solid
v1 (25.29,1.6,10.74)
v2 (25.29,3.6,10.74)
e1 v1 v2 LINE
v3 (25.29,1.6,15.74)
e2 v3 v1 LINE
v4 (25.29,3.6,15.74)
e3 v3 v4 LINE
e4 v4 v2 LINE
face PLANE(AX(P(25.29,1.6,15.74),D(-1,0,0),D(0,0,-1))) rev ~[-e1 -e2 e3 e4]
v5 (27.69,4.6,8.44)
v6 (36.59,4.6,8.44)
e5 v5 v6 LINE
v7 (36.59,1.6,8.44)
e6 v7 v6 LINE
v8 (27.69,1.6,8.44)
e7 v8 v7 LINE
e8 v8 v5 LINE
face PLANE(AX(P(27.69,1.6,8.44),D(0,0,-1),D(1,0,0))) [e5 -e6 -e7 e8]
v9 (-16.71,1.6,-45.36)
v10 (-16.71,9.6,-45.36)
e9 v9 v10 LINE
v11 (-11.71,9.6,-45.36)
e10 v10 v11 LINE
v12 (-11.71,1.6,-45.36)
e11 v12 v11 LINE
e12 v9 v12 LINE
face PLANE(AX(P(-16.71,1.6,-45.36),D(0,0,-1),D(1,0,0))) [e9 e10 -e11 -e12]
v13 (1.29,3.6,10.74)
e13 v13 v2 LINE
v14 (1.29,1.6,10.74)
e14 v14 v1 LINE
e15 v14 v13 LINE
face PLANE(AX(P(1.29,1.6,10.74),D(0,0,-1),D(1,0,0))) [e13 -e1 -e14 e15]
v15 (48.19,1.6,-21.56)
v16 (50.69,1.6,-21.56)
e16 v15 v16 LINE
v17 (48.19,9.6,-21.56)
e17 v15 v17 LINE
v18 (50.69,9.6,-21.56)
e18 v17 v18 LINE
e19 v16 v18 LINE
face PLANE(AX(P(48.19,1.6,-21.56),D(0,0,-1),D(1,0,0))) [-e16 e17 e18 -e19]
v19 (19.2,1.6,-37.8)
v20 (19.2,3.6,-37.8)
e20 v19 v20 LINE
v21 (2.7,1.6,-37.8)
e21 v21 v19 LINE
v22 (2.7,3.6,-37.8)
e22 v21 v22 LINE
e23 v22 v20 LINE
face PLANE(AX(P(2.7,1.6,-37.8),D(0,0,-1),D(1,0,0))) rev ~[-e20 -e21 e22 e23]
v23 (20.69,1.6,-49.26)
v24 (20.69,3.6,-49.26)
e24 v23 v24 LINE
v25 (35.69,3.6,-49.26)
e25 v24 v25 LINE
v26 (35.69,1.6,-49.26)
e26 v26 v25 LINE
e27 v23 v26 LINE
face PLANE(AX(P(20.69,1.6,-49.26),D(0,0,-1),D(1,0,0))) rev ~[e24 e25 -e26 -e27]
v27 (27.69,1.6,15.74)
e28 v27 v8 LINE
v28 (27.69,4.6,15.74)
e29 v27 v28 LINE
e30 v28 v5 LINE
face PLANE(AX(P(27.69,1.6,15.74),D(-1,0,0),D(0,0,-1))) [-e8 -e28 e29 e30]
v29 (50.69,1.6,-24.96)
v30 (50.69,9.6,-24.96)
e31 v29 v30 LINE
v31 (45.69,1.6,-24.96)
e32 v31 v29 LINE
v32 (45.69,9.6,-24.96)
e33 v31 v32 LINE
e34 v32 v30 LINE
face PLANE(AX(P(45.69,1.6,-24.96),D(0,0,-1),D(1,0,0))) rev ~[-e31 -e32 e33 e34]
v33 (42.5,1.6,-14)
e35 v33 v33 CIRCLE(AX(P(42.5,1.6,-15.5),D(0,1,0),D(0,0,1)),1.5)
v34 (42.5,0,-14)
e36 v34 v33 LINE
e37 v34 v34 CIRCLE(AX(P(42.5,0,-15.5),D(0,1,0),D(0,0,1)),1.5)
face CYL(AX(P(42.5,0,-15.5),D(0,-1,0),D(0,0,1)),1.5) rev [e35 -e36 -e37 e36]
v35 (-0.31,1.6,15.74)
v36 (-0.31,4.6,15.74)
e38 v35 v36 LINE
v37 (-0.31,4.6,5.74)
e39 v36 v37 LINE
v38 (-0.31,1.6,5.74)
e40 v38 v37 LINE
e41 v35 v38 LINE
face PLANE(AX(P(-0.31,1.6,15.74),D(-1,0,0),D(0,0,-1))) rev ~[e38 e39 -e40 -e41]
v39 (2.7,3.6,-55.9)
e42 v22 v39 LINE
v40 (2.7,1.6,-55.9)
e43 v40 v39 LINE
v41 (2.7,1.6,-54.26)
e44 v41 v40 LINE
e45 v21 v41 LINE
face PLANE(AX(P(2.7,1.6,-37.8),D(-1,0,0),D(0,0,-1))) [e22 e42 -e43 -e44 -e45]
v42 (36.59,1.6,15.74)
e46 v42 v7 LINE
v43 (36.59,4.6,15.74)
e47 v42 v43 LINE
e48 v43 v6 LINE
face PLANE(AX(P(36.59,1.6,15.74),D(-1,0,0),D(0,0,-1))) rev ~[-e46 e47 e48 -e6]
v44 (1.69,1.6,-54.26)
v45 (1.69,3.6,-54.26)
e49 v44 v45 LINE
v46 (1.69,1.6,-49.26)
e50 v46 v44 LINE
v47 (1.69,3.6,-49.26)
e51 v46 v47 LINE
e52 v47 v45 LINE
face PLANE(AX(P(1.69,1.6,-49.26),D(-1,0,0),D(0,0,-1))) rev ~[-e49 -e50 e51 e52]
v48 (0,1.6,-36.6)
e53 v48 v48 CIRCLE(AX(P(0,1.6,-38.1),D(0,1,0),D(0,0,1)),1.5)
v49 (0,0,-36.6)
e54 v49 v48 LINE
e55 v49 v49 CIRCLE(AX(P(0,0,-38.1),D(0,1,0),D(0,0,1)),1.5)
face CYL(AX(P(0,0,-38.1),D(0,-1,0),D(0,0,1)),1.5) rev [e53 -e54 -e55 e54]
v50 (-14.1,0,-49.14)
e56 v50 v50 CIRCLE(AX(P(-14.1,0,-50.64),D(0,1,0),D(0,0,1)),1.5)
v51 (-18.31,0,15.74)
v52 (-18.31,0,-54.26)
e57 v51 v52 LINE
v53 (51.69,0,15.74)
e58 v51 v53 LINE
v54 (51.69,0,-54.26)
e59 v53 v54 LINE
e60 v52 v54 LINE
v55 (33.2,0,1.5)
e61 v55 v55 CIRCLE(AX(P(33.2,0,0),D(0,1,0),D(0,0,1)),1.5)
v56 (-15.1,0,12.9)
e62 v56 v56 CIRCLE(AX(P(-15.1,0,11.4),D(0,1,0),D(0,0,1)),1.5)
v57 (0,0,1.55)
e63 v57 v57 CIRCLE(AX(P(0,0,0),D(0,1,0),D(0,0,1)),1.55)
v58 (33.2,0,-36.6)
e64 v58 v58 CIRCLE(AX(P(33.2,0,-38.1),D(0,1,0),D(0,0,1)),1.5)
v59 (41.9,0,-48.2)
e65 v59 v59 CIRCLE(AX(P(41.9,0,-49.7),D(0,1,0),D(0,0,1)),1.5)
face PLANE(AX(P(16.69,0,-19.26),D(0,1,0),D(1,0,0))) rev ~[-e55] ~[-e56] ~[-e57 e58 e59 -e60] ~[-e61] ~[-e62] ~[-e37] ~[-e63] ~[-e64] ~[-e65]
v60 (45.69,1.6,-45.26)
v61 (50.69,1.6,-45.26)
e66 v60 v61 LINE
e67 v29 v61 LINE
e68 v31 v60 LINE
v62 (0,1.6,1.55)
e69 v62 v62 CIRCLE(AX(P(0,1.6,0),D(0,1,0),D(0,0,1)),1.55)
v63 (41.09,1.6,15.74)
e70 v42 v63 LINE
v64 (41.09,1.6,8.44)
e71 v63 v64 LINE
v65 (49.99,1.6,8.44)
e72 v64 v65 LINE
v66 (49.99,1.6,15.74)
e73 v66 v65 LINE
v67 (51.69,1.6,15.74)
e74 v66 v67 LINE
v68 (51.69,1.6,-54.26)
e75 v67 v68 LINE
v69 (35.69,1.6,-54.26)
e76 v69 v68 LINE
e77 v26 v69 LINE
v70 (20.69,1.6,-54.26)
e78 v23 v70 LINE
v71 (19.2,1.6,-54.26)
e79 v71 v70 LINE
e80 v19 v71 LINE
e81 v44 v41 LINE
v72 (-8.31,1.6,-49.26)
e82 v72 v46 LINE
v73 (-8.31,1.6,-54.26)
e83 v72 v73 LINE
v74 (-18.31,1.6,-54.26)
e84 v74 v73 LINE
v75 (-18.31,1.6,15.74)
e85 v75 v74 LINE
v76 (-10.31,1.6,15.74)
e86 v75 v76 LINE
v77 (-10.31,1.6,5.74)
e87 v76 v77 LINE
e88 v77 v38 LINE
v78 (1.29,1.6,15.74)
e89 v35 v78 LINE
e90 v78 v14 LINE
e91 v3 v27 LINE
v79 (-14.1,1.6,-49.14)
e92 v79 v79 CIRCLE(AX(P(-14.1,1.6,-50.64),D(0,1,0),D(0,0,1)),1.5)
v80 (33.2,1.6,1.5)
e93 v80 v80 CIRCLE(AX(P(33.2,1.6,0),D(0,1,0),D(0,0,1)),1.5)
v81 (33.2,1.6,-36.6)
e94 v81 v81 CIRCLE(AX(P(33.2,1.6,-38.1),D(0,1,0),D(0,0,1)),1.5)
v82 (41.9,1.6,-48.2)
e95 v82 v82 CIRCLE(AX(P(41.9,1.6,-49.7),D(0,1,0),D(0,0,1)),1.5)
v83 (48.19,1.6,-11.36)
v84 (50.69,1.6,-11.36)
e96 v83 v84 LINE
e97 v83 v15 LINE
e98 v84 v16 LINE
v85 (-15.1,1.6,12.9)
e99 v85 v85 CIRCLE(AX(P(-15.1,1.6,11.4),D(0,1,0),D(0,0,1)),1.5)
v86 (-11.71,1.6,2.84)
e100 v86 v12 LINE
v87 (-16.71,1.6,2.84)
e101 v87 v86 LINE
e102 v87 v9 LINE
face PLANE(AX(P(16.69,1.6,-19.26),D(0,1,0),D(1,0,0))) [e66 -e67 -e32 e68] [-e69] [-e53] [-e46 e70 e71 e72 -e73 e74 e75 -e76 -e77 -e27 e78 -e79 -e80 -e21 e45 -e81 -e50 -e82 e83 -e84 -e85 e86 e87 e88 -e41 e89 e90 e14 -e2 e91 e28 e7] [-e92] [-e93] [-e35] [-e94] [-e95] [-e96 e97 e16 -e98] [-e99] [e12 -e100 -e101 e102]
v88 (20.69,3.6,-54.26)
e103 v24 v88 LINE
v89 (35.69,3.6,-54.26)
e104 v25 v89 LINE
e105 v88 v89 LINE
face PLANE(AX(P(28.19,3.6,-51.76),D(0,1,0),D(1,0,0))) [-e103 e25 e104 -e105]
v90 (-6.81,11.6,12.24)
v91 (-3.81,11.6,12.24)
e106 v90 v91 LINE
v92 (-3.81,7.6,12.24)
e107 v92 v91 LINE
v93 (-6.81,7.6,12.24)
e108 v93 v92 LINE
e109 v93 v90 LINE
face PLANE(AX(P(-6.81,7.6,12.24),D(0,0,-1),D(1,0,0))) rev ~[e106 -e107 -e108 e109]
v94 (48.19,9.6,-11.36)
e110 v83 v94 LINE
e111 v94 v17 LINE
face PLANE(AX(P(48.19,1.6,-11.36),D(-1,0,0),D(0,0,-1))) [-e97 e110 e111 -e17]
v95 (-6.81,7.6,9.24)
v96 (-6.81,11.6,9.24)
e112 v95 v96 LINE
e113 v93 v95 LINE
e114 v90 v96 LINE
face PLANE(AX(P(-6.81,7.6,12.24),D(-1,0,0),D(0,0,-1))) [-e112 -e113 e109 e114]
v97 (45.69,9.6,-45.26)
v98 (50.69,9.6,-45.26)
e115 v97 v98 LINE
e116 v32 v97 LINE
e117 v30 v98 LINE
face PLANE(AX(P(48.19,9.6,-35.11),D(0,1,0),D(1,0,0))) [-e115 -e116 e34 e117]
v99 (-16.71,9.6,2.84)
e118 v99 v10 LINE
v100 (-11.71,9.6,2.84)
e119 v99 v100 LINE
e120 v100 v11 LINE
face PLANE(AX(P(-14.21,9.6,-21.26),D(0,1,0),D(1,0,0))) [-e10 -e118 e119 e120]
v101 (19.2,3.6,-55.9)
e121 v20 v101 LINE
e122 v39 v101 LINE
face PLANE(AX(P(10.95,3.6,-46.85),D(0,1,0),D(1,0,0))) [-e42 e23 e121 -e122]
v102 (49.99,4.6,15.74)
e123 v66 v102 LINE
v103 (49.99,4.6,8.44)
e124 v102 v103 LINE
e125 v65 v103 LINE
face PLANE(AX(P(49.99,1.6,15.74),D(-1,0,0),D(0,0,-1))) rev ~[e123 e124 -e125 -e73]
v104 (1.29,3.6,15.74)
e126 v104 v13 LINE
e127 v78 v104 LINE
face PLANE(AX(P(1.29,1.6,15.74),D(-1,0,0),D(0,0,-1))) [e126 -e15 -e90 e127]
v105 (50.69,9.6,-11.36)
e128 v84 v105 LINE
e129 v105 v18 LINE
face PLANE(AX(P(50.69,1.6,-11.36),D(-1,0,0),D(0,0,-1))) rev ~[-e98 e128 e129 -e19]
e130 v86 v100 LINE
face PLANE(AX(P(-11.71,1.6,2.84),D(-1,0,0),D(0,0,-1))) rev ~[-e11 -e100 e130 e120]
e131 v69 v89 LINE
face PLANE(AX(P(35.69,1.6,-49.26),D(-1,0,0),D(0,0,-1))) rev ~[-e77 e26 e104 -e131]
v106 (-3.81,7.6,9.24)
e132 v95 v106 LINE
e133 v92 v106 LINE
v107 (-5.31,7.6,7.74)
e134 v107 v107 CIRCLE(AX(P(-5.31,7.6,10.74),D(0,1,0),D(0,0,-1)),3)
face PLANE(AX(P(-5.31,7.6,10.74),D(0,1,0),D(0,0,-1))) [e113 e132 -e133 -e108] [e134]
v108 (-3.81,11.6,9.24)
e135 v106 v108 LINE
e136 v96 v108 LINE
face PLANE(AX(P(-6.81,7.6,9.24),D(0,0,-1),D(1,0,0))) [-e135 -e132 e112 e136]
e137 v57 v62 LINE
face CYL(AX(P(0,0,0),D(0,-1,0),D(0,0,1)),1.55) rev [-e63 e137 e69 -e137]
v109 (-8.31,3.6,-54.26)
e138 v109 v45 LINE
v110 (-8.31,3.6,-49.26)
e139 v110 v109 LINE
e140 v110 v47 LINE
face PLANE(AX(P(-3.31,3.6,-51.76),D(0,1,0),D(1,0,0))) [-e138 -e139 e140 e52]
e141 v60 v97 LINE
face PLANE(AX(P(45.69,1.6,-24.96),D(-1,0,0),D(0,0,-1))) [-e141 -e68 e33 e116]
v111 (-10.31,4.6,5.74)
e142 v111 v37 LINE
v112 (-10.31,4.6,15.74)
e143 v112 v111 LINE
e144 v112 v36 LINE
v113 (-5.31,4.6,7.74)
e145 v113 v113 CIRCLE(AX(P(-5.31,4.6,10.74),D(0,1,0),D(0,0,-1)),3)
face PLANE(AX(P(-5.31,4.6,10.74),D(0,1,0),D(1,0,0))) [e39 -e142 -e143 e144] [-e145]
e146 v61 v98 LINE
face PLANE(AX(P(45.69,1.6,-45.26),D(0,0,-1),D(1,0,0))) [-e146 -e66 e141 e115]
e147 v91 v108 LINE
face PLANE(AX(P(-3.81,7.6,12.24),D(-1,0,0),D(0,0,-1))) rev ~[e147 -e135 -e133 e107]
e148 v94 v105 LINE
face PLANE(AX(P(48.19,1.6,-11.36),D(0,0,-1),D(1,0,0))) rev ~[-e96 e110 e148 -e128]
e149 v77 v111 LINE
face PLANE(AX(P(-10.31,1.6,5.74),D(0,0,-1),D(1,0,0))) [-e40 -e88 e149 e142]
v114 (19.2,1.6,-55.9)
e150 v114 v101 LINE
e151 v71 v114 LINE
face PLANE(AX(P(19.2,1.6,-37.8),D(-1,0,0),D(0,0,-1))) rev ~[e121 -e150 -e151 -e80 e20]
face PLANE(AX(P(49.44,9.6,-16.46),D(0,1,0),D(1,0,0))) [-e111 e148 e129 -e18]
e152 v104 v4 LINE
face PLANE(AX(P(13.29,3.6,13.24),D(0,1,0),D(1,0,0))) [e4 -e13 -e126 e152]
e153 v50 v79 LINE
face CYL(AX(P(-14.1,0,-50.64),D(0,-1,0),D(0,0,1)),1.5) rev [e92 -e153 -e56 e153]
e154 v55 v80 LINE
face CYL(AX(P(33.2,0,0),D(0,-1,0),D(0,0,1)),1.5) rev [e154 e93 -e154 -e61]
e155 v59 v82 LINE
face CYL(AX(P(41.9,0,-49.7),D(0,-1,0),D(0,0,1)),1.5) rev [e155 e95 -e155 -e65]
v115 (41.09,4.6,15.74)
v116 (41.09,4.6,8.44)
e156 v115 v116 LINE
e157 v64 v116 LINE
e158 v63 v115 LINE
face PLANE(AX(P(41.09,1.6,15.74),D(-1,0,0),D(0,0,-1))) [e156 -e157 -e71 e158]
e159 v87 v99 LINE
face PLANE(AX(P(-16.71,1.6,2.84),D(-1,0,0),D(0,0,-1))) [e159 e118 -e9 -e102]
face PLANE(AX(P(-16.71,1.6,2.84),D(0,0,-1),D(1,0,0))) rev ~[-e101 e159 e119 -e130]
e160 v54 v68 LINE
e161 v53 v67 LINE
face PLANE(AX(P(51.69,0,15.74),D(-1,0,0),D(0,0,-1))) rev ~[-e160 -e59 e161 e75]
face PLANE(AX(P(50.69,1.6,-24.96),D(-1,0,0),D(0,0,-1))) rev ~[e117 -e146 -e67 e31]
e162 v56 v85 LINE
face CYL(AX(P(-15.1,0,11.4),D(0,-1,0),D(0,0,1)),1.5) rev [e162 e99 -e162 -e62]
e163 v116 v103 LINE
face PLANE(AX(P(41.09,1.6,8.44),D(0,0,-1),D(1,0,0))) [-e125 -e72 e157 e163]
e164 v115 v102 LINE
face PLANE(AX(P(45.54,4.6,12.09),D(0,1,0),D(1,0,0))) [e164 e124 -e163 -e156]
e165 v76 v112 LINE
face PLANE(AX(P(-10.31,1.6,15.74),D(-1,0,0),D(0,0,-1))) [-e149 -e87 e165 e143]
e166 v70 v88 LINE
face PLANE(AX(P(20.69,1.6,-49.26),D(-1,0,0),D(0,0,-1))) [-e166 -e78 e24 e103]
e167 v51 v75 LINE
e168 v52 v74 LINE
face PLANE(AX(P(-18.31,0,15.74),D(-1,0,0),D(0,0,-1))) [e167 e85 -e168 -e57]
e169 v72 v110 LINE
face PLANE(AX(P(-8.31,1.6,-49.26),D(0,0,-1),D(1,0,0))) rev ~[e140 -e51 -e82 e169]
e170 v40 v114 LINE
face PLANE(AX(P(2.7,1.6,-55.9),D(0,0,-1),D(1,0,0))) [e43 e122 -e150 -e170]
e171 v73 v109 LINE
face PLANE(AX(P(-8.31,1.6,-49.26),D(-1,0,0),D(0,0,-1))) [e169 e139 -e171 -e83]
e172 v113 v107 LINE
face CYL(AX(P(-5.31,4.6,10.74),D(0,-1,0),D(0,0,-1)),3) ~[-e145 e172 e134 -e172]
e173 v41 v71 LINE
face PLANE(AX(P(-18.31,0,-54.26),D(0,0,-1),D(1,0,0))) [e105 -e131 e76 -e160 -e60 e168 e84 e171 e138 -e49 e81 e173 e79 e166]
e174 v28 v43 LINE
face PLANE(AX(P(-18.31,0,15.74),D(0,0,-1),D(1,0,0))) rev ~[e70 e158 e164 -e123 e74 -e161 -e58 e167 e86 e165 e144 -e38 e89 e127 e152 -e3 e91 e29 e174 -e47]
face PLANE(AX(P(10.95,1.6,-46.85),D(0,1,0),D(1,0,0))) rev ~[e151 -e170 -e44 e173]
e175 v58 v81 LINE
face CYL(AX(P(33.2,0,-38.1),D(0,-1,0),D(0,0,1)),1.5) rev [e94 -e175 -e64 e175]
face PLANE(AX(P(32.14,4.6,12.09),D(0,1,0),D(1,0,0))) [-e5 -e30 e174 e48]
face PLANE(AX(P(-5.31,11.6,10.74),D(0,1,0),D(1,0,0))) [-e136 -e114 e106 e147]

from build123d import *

# Parameters (mm, degrees)
SKETCH_1_W      = 70
SKETCH_1_H      = 70
SKETCH_1_R      = 1.55
SKETCH_1_R_2    = 1.5
EXTRUDE_1_DEPTH = 1.6
SKETCH_3_W      = 16.5
SKETCH_3_H      = 18.1
EXTRUDE_2_DEPTH = 2
SKETCH_5_W      = 8.9
SKETCH_5_H      = 7.3
EXTRUDE_3_DEPTH = 3
SKETCH_6_W      = 10
SKETCH_6_H      = 10
EXTRUDE_4_DEPTH = 3
SKETCH_7_R      = 3
EXTRUDE_5_DEPTH = 3
SKETCH_8_W      = 3
SKETCH_8_H      = 3
EXTRUDE_6_DEPTH = 4
SKETCH_9_W      = 24
SKETCH_9_H      = 5
SKETCH_9_W_2    = 10
SKETCH_9_W_3    = 15
EXTRUDE_7_DEPTH = 2
SKETCH_10_W     = 5
SKETCH_10_H     = 48.2
SKETCH_10_H_2   = 20.3
SKETCH_10_W_2   = 2.5
SKETCH_10_H_3   = 10.2
EXTRUDE_8_DEPTH = 8


with BuildPart() as part:
    # 草图1 → 凸台-拉伸1 (new body)
    with BuildSketch(Plane(origin=(0, 0, 0), x_dir=(1, 0, 0), z_dir=(0, 1, 0))):
        with Locations((16.69, 19.26)):
            Rectangle(SKETCH_1_W, SKETCH_1_H)
        with Locations(Location((0, 0, 0), (0, 0, 270))):
            Circle(SKETCH_1_R, mode=Mode.SUBTRACT)
        with Locations(Location((33.2, 0, 0), (0, 0, 270))):
            Circle(SKETCH_1_R_2, mode=Mode.SUBTRACT)
        with Locations(Location((0, 38.1, 0), (0, 0, 270))):
            Circle(SKETCH_1_R_2, mode=Mode.SUBTRACT)
        with Locations(Location((33.2, 38.1, 0), (0, 0, 270))):
            Circle(SKETCH_1_R_2, mode=Mode.SUBTRACT)
        with Locations(Location((-14.1, 50.64, 0), (0, 0, 270))):
            Circle(SKETCH_1_R_2, mode=Mode.SUBTRACT)
        with Locations(Location((41.9, 49.7, 0), (0, 0, 270))):
            Circle(SKETCH_1_R_2, mode=Mode.SUBTRACT)
        with Locations(Location((42.5, 15.5, 0), (0, 0, 270))):
            Circle(SKETCH_1_R_2, mode=Mode.SUBTRACT)
        with Locations(Location((-15.1, -11.4, 0), (0, 0, 270))):
            Circle(SKETCH_1_R_2, mode=Mode.SUBTRACT)
    extrude(amount=EXTRUDE_1_DEPTH)

    # 草图3 → 凸台-拉伸2 (add)
    with BuildSketch(Plane(origin=(0, 1.6, 0), x_dir=(1, 0, 0), z_dir=(0, 1, 0))):
        with Locations((10.95, 46.85)):
            Rectangle(SKETCH_3_W, SKETCH_3_H)
    extrude(amount=EXTRUDE_2_DEPTH)

    # 草图5 → 凸台-拉伸3 (add)
    with BuildSketch(Plane(origin=(0, 1.6, 0), x_dir=(1, 0, 0), z_dir=(0, 1, 0))):
        with Locations((45.54, -12.09)):
            Rectangle(SKETCH_5_W, SKETCH_5_H)
        with Locations((32.14, -12.09)):
            Rectangle(SKETCH_5_W, SKETCH_5_H)
    extrude(amount=EXTRUDE_3_DEPTH)

    # 草图6 → 凸台-拉伸4 (add)
    with BuildSketch(Plane(origin=(0, 1.6, 0), x_dir=(1, 0, 0), z_dir=(0, 1, 0))):
        with Locations((-5.31, -10.74)):
            Rectangle(SKETCH_6_W, SKETCH_6_H)
    extrude(amount=EXTRUDE_4_DEPTH)

    # 草图7 → 凸台-拉伸5 (add)
    with BuildSketch(Plane(origin=(0, 4.6, 0), x_dir=(1, 0, 0), z_dir=(0, 1, 0))):
        with Locations(Location((-5.31, -10.74, 0), (0, 0, 90))):
            Circle(SKETCH_7_R)
    extrude(amount=EXTRUDE_5_DEPTH)

    # 草图8 → 凸台-拉伸6 (add)
    with BuildSketch(Plane(origin=(0, 7.6, 0), x_dir=(1, 0, 0), z_dir=(0, 1, 0))):
        with Locations((-5.31, -10.74)):
            Rectangle(SKETCH_8_W, SKETCH_8_H)
    extrude(amount=EXTRUDE_6_DEPTH)

    # 草图9 → 凸台-拉伸7 (add)
    with BuildSketch(Plane(origin=(0, 1.6, 0), x_dir=(1, 0, 0), z_dir=(0, 1, 0))):
        with Locations((13.29, -13.24)):
            Rectangle(SKETCH_9_W, SKETCH_9_H)
        with Locations((-3.31, 51.76)):
            Rectangle(SKETCH_9_W_2, SKETCH_9_H)
        with Locations((28.19, 51.76)):
            Rectangle(SKETCH_9_W_3, SKETCH_9_H)
    extrude(amount=EXTRUDE_7_DEPTH)

    # 草图10 → 凸台-拉伸8 (add)
    with BuildSketch(Plane(origin=(0, 1.6, 0), x_dir=(1, 0, 0), z_dir=(0, 1, 0))):
        with Locations((-14.21, 21.26)):
            Rectangle(SKETCH_10_W, SKETCH_10_H)
        with Locations((48.19, 35.11)):
            Rectangle(SKETCH_10_W, SKETCH_10_H_2)
        with Locations((49.44, 16.46)):
            Rectangle(SKETCH_10_W_2, SKETCH_10_H_3)
    extrude(amount=EXTRUDE_8_DEPTH)


solid = part.part
